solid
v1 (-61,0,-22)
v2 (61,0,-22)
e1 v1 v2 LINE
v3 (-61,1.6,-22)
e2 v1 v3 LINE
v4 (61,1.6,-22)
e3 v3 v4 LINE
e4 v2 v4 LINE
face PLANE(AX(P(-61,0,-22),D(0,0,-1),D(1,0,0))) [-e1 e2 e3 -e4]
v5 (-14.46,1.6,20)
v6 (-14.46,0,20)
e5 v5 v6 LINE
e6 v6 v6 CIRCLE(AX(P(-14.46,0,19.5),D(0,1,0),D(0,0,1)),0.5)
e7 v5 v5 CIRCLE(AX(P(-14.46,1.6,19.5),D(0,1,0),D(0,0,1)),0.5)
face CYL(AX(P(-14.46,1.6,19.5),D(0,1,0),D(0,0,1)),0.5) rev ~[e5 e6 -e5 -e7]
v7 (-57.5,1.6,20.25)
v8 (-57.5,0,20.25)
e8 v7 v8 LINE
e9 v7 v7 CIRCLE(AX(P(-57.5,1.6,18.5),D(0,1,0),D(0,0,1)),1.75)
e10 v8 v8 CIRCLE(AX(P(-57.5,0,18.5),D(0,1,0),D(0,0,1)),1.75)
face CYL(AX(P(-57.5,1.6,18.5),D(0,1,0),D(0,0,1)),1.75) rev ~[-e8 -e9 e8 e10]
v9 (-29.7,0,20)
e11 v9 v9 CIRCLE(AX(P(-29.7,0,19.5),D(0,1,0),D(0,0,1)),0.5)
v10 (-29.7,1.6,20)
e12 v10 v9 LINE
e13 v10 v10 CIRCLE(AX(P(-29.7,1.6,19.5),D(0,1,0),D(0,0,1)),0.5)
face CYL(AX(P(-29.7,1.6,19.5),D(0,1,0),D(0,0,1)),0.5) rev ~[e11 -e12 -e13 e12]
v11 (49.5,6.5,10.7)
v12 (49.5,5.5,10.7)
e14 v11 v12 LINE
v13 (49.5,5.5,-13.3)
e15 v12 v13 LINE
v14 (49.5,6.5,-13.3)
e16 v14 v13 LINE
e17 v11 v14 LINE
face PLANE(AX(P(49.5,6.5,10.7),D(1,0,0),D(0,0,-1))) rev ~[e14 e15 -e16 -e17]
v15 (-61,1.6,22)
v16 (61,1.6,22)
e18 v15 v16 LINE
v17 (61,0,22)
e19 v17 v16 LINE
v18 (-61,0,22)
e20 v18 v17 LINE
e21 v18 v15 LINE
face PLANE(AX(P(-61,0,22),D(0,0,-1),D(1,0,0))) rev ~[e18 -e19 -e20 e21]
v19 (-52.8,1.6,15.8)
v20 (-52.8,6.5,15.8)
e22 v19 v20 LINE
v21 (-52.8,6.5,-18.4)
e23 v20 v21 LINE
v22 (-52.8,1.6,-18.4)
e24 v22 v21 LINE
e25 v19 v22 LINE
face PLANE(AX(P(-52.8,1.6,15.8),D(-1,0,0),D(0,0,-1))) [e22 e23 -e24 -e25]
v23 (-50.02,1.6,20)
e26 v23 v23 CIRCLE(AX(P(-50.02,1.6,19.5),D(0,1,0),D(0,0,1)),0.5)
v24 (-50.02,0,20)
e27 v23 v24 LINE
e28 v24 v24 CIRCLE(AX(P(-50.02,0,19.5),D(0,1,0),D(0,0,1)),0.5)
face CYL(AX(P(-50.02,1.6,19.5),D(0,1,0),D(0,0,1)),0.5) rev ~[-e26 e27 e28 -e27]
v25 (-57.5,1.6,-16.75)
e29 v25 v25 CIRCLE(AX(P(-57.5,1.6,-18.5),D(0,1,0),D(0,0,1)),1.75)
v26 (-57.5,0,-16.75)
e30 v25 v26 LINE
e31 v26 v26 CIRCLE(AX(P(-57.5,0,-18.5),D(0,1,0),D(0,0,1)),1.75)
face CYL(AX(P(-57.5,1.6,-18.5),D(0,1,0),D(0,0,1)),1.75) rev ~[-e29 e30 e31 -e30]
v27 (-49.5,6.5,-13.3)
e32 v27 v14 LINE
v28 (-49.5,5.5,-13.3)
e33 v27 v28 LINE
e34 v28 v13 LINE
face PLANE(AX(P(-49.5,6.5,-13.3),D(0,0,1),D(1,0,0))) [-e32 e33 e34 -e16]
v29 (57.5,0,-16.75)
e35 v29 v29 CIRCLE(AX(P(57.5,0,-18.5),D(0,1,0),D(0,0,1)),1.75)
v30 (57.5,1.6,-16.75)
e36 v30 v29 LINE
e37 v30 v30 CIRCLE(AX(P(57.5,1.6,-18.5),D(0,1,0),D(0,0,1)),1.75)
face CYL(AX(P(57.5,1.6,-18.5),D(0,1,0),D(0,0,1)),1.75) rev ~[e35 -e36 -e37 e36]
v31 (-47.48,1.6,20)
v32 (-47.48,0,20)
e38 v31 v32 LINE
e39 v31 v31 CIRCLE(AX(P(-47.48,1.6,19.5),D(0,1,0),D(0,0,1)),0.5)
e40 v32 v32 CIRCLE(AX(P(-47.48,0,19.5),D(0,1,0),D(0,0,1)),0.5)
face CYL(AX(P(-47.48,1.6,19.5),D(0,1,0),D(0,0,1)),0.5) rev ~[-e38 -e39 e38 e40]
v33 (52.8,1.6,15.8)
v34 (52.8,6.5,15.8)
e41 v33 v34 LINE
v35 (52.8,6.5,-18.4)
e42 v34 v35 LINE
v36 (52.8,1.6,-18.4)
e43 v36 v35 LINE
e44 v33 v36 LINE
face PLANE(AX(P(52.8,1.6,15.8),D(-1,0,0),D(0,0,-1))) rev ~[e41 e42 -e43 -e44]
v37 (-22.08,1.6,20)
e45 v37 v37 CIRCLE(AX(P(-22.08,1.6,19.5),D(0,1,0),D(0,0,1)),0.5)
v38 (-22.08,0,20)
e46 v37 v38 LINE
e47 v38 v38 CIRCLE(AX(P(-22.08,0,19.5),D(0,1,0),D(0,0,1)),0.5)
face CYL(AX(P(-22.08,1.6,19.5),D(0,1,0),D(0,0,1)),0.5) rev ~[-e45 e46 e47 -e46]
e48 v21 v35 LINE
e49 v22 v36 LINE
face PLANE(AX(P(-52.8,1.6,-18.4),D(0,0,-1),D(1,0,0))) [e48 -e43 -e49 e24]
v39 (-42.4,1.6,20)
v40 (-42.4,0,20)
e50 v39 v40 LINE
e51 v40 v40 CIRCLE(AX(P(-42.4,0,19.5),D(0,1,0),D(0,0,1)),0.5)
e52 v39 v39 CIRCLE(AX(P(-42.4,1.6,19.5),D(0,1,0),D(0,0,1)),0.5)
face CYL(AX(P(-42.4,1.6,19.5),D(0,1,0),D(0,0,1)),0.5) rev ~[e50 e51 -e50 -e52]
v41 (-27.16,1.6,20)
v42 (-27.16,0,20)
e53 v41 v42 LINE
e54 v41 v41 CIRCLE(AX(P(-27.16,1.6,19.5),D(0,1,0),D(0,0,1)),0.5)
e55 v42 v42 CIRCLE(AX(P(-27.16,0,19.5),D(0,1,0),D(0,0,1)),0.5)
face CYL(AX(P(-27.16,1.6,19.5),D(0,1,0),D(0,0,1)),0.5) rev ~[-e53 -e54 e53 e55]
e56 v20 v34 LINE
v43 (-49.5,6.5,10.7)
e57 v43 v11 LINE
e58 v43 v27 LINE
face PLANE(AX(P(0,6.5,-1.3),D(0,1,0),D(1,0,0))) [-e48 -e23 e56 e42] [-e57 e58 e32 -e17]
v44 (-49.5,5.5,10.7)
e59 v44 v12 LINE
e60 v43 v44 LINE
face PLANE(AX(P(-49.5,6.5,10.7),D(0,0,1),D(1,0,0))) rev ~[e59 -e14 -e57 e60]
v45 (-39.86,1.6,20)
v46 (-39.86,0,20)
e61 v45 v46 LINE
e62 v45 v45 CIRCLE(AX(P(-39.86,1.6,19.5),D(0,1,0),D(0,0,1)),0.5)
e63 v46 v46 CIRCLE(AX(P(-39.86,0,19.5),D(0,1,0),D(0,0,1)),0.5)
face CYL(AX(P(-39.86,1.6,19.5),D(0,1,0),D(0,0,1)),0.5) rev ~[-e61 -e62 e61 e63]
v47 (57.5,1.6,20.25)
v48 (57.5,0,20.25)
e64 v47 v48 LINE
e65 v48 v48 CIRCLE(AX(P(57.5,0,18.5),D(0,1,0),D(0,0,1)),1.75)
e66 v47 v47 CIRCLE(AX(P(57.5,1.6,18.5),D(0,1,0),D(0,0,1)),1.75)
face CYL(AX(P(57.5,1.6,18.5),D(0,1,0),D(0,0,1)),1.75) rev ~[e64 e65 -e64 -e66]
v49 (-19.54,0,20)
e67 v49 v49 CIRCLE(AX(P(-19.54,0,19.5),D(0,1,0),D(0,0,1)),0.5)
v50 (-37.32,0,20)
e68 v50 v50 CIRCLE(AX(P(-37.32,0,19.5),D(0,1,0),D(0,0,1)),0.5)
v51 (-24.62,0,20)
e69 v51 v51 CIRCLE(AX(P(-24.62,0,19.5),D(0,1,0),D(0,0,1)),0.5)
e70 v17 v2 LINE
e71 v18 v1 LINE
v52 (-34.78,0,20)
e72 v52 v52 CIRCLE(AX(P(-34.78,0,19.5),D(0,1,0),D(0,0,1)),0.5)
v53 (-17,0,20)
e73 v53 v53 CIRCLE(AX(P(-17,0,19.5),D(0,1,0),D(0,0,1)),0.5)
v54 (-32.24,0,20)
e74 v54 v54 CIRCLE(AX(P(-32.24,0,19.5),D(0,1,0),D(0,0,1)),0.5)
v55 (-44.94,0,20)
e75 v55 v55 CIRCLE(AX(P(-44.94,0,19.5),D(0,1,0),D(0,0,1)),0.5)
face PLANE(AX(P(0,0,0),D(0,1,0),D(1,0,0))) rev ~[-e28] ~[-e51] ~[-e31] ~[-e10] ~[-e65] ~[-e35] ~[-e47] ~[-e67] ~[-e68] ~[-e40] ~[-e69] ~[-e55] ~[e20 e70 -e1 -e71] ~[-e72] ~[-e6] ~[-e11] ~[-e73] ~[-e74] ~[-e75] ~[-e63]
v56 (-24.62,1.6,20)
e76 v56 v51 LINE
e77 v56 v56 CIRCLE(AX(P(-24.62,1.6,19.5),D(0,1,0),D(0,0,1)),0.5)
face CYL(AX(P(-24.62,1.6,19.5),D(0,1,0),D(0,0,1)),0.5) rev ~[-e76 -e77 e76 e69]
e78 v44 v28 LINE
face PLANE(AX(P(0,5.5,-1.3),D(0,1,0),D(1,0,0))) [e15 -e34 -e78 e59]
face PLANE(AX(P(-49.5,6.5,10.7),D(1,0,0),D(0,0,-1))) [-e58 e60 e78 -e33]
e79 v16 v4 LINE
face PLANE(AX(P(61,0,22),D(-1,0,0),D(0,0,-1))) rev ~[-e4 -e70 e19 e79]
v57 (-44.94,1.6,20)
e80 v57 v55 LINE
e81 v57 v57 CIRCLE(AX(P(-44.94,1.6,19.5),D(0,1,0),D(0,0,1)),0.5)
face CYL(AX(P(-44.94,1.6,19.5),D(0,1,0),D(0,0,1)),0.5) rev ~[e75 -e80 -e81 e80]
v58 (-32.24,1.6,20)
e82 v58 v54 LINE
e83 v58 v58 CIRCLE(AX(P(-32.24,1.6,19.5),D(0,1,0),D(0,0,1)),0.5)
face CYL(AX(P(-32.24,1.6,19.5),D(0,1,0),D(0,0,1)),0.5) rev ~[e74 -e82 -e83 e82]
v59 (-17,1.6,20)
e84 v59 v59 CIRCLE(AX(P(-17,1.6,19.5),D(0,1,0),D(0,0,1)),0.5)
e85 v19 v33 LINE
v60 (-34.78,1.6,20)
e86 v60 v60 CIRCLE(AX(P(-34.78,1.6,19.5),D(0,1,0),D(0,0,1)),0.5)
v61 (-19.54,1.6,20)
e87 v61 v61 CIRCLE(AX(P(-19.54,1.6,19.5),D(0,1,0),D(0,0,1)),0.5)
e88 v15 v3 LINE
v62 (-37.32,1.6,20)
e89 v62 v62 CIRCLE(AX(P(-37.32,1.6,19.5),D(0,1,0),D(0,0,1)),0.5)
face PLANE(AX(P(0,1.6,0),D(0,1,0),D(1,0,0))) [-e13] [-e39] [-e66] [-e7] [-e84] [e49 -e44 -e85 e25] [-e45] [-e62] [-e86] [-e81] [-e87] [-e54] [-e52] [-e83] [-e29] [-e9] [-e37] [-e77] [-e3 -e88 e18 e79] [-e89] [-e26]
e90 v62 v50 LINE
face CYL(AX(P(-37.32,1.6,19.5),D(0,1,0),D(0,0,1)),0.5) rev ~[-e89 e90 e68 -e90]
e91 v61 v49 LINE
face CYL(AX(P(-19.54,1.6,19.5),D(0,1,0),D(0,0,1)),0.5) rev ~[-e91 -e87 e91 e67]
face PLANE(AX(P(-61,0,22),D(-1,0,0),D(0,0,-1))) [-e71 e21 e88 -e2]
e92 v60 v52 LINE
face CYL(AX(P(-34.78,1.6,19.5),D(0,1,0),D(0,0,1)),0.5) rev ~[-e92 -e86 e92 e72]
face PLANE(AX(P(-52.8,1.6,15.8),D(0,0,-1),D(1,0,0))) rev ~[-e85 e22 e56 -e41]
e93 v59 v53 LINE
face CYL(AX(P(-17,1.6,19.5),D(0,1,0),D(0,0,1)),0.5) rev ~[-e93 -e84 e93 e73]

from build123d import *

# Parameters (mm, degrees)
SKETCH1_W           = 122
SKETCH1_H           = 44
BOSS_EXTRUDE1_DEPTH = 1.6
SKETCH2_W           = 105.6
SKETCH2_H           = 34.2
BOSS_EXTRUDE2_DEPTH = 4.9
SKETCH3_R           = 1.75
CUT_EXTRUDE1_DEPTH  = 66.030838838
SKETCH5_W           = 99
SKETCH5_H           = 24
CUT_EXTRUDE2_DEPTH  = 1
SKETCH4_R           = 0.5
CUT_EXTRUDE3_DEPTH  = 66.030838838
LPATTERN1_COUNT     = 15
LPATTERN1_PITCH     = 2.54


with BuildPart() as part:
    # Sketch1 → Boss-Extrude1 (new body)
    with BuildSketch(Plane(origin=(0, 0, 0), x_dir=(1, 0, 0), z_dir=(0, 1, 0))):
        Rectangle(SKETCH1_W, SKETCH1_H)
    extrude(amount=BOSS_EXTRUDE1_DEPTH)

    # Sketch2 → Boss-Extrude2 (add)
    with BuildSketch(Plane(origin=(0, 1.6, 0), x_dir=(1, 0, 0), z_dir=(0, 1, 0))):
        with Locations((0, 1.3)):
            Rectangle(SKETCH2_W, SKETCH2_H)
    extrude(amount=BOSS_EXTRUDE2_DEPTH)

    # Sketch3 → Cut-Extrude1 (cut, through all)
    with BuildSketch(Plane(origin=(0, 1.6, 0), x_dir=(1, 0, 0), z_dir=(0, 1, 0))):
        with Locations((-57.5, 18.5)):
            Circle(SKETCH3_R)
        with Locations((-57.5, -18.5)):
            Circle(SKETCH3_R)
        with Locations((57.5, 18.5)):
            Circle(SKETCH3_R)
        with Locations((57.5, -18.5)):
            Circle(SKETCH3_R)
    extrude(amount=-CUT_EXTRUDE1_DEPTH, mode=Mode.SUBTRACT)

    # Sketch5 → Cut-Extrude2 (cut)
    with BuildSketch(Plane(origin=(0, 6.5, 0), x_dir=(1, 0, 0), z_dir=(0, 1, 0))):
        with Locations((0, 1.3)):
            Rectangle(SKETCH5_W, SKETCH5_H)
    extrude(amount=-CUT_EXTRUDE2_DEPTH, mode=Mode.SUBTRACT)

    # Sketch4 → Cut-Extrude3 (cut, through all)
    with BuildSketch(Plane(origin=(0, 1.6, 0), x_dir=(1, 0, 0), z_dir=(0, 1, 0))):
        with Locations((-50.02, -19.5)):
            Circle(SKETCH4_R)
    cut_extrude3 = extrude(amount=-CUT_EXTRUDE3_DEPTH, mode=Mode.SUBTRACT)

    # LPattern1: Cut-Extrude3 ×15
    with Locations(*[(i * LPATTERN1_PITCH, 0, 0) for i in range(1, LPATTERN1_COUNT)]):
        add(cut_extrude3, mode=Mode.SUBTRACT)


solid = part.part
